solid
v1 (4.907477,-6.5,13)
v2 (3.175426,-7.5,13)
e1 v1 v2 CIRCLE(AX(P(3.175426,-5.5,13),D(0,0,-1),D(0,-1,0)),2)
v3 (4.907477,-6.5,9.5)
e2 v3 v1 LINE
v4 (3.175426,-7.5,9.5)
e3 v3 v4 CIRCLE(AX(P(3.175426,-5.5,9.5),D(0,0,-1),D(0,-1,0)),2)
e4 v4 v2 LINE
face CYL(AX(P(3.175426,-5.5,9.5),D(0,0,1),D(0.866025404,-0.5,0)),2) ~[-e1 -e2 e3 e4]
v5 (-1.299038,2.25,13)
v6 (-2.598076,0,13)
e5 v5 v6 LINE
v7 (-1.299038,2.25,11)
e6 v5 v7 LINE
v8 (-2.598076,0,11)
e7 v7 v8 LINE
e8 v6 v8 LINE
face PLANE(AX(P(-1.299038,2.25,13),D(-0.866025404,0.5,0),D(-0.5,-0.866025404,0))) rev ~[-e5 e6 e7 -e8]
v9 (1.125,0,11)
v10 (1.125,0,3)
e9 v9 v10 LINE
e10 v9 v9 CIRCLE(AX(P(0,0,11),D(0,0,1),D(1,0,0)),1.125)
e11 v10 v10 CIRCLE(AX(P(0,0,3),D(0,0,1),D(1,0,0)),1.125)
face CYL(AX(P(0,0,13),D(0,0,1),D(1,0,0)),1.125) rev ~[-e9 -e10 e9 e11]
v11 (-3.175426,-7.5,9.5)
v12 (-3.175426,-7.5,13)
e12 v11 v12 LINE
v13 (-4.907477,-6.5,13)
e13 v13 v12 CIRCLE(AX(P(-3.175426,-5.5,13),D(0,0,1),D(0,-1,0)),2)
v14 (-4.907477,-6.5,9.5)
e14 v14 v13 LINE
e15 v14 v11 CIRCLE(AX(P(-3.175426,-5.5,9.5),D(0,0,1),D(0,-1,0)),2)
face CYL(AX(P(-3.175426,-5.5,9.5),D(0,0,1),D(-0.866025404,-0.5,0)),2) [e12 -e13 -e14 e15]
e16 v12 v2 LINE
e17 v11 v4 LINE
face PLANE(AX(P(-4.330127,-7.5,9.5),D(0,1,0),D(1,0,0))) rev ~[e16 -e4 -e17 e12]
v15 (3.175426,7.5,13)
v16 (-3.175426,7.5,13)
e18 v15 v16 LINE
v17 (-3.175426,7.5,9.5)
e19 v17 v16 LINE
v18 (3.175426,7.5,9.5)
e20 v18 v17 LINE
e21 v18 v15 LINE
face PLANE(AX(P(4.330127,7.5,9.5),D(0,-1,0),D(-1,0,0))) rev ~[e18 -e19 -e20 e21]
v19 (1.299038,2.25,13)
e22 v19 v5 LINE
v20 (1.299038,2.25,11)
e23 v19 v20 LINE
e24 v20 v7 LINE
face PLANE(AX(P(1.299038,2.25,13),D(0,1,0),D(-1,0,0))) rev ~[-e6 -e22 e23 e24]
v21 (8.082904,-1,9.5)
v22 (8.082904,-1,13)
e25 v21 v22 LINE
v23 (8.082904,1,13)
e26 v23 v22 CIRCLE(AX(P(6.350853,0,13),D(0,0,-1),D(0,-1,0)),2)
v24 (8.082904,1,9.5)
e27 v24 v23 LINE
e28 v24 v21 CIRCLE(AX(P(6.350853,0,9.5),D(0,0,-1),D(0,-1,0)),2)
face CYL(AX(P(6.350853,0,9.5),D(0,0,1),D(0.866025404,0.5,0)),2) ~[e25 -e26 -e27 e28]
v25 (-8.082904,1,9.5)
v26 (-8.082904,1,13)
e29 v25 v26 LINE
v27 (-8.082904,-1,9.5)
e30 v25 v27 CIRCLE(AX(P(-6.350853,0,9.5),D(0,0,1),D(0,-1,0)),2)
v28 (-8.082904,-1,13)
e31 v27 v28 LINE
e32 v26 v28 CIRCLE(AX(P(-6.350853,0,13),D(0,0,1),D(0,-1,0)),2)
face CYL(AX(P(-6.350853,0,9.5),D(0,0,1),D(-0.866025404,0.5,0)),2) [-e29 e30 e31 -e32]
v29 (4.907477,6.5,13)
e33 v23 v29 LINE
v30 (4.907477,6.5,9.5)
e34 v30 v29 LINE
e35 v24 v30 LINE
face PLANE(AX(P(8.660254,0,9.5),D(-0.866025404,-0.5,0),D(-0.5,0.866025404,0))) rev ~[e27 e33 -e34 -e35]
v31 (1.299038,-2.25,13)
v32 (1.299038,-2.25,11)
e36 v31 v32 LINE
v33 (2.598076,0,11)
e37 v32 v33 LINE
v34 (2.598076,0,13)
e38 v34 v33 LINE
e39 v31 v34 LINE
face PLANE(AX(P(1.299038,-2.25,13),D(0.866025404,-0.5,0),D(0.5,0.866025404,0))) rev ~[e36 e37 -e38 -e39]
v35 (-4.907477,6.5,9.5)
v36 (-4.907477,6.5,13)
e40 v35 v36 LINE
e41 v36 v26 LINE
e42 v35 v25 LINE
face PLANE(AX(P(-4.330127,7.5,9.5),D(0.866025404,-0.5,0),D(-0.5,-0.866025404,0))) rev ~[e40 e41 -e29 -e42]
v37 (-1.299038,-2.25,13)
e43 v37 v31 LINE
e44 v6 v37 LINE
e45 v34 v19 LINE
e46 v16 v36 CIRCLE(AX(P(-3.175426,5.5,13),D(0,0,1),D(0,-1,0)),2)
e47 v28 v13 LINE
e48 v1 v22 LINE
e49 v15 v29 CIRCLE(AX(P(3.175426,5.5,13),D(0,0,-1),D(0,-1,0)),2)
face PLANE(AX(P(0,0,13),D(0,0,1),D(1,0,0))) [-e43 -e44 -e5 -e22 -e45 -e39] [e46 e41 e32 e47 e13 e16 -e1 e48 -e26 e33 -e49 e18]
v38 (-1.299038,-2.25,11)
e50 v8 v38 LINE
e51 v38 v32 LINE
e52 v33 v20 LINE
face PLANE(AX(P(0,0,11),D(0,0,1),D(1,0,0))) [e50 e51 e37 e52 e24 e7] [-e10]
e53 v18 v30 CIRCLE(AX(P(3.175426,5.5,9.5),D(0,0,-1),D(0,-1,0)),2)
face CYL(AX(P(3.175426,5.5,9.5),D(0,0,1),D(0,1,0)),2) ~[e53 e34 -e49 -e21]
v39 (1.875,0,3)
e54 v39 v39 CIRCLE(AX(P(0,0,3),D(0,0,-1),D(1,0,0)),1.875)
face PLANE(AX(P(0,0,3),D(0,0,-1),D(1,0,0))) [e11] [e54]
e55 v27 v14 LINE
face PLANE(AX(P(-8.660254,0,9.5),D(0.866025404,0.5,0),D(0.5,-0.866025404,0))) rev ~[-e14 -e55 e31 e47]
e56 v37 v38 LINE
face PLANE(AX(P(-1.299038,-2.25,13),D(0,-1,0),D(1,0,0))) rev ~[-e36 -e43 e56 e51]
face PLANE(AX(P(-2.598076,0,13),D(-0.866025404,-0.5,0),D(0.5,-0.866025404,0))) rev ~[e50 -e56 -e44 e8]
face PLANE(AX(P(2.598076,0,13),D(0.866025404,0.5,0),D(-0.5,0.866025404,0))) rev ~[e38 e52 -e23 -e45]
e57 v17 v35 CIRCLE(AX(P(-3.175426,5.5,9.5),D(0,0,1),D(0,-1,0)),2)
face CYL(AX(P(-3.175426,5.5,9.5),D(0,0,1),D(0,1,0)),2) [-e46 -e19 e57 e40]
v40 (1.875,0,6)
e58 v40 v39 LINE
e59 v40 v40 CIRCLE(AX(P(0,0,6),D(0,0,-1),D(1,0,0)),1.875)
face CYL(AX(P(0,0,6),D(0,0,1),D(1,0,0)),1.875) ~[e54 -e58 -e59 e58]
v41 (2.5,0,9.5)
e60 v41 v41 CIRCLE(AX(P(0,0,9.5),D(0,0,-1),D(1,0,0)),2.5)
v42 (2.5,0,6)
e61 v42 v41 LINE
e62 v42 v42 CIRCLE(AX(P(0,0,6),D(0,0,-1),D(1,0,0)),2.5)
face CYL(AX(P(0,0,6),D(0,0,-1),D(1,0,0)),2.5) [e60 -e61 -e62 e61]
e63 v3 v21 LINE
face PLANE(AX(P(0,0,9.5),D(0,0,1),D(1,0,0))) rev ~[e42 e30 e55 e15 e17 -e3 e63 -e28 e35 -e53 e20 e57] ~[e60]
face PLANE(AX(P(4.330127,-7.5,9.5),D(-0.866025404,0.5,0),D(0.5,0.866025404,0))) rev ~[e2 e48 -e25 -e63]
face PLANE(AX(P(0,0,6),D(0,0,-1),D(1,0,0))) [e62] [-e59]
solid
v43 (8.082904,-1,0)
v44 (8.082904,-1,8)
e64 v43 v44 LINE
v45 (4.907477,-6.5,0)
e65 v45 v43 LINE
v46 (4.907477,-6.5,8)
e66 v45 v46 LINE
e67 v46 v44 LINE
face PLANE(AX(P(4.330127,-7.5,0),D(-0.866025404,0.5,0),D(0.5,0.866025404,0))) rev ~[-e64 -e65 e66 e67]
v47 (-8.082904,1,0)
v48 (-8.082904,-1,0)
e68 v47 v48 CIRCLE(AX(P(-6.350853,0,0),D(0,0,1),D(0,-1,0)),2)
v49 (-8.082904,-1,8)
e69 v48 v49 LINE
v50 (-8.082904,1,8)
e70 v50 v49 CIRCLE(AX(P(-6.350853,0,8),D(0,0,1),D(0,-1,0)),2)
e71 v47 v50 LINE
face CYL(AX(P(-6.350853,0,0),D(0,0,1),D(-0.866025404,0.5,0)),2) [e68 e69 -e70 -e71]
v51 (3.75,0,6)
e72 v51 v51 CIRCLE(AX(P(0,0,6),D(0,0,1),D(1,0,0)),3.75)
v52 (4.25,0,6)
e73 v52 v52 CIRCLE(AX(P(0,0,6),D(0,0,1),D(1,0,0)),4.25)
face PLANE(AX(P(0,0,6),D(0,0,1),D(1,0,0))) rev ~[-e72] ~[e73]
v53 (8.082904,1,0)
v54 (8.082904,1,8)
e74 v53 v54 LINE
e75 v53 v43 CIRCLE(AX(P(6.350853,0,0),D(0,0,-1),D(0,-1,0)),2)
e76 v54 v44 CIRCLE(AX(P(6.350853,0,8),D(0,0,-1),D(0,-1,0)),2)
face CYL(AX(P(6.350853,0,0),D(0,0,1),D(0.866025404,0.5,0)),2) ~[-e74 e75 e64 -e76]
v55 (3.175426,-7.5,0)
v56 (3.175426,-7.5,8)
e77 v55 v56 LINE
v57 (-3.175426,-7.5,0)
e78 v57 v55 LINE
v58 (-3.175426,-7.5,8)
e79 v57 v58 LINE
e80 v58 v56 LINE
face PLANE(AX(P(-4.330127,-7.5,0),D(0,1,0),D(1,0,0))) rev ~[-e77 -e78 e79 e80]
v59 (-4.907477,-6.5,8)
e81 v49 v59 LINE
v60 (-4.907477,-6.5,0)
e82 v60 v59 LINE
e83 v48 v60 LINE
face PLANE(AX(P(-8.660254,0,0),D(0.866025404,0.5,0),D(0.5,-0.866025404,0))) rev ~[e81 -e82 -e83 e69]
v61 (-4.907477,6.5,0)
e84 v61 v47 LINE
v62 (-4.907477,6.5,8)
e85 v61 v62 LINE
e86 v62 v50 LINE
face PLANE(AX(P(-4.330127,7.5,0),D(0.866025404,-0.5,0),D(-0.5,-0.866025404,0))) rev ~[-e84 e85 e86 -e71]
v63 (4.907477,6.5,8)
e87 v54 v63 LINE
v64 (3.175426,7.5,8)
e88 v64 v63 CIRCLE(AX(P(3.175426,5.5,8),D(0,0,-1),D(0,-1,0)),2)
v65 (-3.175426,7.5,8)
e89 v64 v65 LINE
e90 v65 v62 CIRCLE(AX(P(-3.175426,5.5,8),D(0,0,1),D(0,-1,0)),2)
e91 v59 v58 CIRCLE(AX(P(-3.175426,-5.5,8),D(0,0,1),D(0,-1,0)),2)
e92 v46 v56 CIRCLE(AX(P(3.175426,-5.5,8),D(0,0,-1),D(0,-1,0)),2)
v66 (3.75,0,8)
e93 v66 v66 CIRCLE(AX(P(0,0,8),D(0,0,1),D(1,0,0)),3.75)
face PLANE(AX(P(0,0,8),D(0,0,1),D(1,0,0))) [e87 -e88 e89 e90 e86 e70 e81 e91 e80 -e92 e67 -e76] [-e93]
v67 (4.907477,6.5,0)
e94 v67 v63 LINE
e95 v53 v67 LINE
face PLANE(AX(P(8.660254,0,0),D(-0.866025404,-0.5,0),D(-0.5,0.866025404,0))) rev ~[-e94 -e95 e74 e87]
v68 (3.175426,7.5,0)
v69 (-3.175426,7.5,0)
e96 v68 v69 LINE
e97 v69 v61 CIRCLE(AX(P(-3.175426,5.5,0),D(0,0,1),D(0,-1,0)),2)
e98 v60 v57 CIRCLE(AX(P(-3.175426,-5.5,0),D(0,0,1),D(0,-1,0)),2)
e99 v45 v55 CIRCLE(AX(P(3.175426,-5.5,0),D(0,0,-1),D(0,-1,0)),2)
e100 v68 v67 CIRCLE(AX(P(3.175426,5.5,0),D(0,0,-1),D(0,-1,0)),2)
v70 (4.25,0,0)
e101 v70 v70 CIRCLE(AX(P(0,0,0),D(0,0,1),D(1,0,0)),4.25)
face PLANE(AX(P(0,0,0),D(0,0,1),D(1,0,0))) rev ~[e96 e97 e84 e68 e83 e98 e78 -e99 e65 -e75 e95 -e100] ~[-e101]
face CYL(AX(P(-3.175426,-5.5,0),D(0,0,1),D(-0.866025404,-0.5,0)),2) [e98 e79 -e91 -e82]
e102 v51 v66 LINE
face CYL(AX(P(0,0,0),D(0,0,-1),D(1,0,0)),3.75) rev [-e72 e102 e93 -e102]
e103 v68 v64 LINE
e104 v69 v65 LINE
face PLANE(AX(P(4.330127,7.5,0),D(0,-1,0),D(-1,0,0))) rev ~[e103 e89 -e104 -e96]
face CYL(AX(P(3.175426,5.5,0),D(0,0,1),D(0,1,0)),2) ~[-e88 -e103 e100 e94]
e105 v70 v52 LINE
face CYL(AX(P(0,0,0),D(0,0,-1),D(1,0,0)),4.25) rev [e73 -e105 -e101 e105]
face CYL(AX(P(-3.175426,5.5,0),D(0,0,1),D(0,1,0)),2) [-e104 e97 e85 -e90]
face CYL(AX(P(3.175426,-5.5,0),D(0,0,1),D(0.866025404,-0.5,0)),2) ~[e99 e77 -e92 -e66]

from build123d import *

# Parameters (mm, degrees)
F0_R      = 4.25
F0_R_2    = 3.75
F1_DEPTH  = 8
F2_DEPTH  = 6
F3_R      = 2.5
F4_DEPTH  = 3.5
F5_R      = 2.5
F6_DEPTH  = 3.5
F7_R      = 1.125
F8_DEPTH  = 2
F9_R      = 2
F9_2_R    = 2
F10_R     = 1.875
F11_DEPTH = 3
F12_DEPTH = 13.001


with BuildPart() as f1:
    # F0 (on Top) → F1 (new body)
    with BuildSketch(Plane.XY):
        Polygon((4.3301270189, 7.5), (-4.3301270189, 7.5), (-8.6602540378, 0), (-4.3301270189, -7.5), (4.3301270189, -7.5), (8.6602540378, 0), align=None)
        Circle(F0_R, mode=Mode.SUBTRACT)
        Circle(F0_R)
        Circle(F0_R_2, mode=Mode.SUBTRACT)
    extrude(amount=F1_DEPTH)

    # F0 (on Top) → F2 (cut)
    with BuildSketch(Plane.XY):
        Circle(F0_R)
        Circle(F0_R_2, mode=Mode.SUBTRACT)
    extrude(amount=F2_DEPTH, mode=Mode.SUBTRACT)

    # F9
    f9_edges = [f1.edges().sort_by_distance(p)[0] for p in [
        (-8.660254, 0, 4),
        (-4.330127, 7.5, 4),
        (-4.330127, -7.5, 4),
        (4.330127, -7.5, 4),
        (8.660254, 0, 4),
        (4.330127, 7.5, 4),
    ]]
    fillet(f9_edges, radius=F9_R)


with BuildPart() as f4:
    # F3 (on face) → F4 (new body)
    with BuildSketch(Plane(origin=(0, 0, 6), x_dir=(1, 0, 0), z_dir=(0, 0, -1))):
        Circle(F3_R)
    extrude(amount=-F4_DEPTH)

    # F5 (on face) → F6 (join)
    with BuildSketch(Plane.XY.offset(9.5)):
        Polygon((4.3301270189, 7.5), (-4.3301270189, 7.5), (-8.6602540378, 0), (-4.3301270189, -7.5), (4.3301270189, -7.5), (8.6602540378, 0), align=None)
        Circle(F5_R, mode=Mode.SUBTRACT)
        Circle(F5_R)
    extrude(amount=F6_DEPTH)

    # F7 (on face) → F8 (cut)
    with BuildSketch(Plane.XY.offset(13)):
        Polygon((1.2990381057, 2.25), (-1.2990381057, 2.25), (-2.5980762114, 0), (-1.2990381057, -2.25), (1.2990381057, -2.25), (2.5980762114, 0), align=None)
        Circle(F7_R, mode=Mode.SUBTRACT)
    extrude(amount=-F8_DEPTH, mode=Mode.SUBTRACT)

    # F9#2
    f9_2_edges = [f4.edges().sort_by_distance(p)[0] for p in [
        (-8.660254, 0, 11.25),
        (-4.330127, 7.5, 11.25),
        (-4.330127, -7.5, 11.25),
        (4.330127, 7.5, 11.25),
        (8.660254, 0, 11.25),
        (4.330127, -7.5, 11.25),
    ]]
    fillet(f9_2_edges, radius=F9_2_R)

    # F10 (on face) → F11 (join)
    with BuildSketch(Plane(origin=(0, 0, 6), x_dir=(1, 0, 0), z_dir=(0, 0, -1))):
        Circle(F10_R)
    extrude(amount=F11_DEPTH)

    # F7 (on face) → F12 (cut, through all)
    with BuildSketch(Plane.XY.offset(13)):
        Circle(F7_R)
    extrude(amount=-F12_DEPTH, mode=Mode.SUBTRACT)


solid = Compound([f1.part, f4.part])
